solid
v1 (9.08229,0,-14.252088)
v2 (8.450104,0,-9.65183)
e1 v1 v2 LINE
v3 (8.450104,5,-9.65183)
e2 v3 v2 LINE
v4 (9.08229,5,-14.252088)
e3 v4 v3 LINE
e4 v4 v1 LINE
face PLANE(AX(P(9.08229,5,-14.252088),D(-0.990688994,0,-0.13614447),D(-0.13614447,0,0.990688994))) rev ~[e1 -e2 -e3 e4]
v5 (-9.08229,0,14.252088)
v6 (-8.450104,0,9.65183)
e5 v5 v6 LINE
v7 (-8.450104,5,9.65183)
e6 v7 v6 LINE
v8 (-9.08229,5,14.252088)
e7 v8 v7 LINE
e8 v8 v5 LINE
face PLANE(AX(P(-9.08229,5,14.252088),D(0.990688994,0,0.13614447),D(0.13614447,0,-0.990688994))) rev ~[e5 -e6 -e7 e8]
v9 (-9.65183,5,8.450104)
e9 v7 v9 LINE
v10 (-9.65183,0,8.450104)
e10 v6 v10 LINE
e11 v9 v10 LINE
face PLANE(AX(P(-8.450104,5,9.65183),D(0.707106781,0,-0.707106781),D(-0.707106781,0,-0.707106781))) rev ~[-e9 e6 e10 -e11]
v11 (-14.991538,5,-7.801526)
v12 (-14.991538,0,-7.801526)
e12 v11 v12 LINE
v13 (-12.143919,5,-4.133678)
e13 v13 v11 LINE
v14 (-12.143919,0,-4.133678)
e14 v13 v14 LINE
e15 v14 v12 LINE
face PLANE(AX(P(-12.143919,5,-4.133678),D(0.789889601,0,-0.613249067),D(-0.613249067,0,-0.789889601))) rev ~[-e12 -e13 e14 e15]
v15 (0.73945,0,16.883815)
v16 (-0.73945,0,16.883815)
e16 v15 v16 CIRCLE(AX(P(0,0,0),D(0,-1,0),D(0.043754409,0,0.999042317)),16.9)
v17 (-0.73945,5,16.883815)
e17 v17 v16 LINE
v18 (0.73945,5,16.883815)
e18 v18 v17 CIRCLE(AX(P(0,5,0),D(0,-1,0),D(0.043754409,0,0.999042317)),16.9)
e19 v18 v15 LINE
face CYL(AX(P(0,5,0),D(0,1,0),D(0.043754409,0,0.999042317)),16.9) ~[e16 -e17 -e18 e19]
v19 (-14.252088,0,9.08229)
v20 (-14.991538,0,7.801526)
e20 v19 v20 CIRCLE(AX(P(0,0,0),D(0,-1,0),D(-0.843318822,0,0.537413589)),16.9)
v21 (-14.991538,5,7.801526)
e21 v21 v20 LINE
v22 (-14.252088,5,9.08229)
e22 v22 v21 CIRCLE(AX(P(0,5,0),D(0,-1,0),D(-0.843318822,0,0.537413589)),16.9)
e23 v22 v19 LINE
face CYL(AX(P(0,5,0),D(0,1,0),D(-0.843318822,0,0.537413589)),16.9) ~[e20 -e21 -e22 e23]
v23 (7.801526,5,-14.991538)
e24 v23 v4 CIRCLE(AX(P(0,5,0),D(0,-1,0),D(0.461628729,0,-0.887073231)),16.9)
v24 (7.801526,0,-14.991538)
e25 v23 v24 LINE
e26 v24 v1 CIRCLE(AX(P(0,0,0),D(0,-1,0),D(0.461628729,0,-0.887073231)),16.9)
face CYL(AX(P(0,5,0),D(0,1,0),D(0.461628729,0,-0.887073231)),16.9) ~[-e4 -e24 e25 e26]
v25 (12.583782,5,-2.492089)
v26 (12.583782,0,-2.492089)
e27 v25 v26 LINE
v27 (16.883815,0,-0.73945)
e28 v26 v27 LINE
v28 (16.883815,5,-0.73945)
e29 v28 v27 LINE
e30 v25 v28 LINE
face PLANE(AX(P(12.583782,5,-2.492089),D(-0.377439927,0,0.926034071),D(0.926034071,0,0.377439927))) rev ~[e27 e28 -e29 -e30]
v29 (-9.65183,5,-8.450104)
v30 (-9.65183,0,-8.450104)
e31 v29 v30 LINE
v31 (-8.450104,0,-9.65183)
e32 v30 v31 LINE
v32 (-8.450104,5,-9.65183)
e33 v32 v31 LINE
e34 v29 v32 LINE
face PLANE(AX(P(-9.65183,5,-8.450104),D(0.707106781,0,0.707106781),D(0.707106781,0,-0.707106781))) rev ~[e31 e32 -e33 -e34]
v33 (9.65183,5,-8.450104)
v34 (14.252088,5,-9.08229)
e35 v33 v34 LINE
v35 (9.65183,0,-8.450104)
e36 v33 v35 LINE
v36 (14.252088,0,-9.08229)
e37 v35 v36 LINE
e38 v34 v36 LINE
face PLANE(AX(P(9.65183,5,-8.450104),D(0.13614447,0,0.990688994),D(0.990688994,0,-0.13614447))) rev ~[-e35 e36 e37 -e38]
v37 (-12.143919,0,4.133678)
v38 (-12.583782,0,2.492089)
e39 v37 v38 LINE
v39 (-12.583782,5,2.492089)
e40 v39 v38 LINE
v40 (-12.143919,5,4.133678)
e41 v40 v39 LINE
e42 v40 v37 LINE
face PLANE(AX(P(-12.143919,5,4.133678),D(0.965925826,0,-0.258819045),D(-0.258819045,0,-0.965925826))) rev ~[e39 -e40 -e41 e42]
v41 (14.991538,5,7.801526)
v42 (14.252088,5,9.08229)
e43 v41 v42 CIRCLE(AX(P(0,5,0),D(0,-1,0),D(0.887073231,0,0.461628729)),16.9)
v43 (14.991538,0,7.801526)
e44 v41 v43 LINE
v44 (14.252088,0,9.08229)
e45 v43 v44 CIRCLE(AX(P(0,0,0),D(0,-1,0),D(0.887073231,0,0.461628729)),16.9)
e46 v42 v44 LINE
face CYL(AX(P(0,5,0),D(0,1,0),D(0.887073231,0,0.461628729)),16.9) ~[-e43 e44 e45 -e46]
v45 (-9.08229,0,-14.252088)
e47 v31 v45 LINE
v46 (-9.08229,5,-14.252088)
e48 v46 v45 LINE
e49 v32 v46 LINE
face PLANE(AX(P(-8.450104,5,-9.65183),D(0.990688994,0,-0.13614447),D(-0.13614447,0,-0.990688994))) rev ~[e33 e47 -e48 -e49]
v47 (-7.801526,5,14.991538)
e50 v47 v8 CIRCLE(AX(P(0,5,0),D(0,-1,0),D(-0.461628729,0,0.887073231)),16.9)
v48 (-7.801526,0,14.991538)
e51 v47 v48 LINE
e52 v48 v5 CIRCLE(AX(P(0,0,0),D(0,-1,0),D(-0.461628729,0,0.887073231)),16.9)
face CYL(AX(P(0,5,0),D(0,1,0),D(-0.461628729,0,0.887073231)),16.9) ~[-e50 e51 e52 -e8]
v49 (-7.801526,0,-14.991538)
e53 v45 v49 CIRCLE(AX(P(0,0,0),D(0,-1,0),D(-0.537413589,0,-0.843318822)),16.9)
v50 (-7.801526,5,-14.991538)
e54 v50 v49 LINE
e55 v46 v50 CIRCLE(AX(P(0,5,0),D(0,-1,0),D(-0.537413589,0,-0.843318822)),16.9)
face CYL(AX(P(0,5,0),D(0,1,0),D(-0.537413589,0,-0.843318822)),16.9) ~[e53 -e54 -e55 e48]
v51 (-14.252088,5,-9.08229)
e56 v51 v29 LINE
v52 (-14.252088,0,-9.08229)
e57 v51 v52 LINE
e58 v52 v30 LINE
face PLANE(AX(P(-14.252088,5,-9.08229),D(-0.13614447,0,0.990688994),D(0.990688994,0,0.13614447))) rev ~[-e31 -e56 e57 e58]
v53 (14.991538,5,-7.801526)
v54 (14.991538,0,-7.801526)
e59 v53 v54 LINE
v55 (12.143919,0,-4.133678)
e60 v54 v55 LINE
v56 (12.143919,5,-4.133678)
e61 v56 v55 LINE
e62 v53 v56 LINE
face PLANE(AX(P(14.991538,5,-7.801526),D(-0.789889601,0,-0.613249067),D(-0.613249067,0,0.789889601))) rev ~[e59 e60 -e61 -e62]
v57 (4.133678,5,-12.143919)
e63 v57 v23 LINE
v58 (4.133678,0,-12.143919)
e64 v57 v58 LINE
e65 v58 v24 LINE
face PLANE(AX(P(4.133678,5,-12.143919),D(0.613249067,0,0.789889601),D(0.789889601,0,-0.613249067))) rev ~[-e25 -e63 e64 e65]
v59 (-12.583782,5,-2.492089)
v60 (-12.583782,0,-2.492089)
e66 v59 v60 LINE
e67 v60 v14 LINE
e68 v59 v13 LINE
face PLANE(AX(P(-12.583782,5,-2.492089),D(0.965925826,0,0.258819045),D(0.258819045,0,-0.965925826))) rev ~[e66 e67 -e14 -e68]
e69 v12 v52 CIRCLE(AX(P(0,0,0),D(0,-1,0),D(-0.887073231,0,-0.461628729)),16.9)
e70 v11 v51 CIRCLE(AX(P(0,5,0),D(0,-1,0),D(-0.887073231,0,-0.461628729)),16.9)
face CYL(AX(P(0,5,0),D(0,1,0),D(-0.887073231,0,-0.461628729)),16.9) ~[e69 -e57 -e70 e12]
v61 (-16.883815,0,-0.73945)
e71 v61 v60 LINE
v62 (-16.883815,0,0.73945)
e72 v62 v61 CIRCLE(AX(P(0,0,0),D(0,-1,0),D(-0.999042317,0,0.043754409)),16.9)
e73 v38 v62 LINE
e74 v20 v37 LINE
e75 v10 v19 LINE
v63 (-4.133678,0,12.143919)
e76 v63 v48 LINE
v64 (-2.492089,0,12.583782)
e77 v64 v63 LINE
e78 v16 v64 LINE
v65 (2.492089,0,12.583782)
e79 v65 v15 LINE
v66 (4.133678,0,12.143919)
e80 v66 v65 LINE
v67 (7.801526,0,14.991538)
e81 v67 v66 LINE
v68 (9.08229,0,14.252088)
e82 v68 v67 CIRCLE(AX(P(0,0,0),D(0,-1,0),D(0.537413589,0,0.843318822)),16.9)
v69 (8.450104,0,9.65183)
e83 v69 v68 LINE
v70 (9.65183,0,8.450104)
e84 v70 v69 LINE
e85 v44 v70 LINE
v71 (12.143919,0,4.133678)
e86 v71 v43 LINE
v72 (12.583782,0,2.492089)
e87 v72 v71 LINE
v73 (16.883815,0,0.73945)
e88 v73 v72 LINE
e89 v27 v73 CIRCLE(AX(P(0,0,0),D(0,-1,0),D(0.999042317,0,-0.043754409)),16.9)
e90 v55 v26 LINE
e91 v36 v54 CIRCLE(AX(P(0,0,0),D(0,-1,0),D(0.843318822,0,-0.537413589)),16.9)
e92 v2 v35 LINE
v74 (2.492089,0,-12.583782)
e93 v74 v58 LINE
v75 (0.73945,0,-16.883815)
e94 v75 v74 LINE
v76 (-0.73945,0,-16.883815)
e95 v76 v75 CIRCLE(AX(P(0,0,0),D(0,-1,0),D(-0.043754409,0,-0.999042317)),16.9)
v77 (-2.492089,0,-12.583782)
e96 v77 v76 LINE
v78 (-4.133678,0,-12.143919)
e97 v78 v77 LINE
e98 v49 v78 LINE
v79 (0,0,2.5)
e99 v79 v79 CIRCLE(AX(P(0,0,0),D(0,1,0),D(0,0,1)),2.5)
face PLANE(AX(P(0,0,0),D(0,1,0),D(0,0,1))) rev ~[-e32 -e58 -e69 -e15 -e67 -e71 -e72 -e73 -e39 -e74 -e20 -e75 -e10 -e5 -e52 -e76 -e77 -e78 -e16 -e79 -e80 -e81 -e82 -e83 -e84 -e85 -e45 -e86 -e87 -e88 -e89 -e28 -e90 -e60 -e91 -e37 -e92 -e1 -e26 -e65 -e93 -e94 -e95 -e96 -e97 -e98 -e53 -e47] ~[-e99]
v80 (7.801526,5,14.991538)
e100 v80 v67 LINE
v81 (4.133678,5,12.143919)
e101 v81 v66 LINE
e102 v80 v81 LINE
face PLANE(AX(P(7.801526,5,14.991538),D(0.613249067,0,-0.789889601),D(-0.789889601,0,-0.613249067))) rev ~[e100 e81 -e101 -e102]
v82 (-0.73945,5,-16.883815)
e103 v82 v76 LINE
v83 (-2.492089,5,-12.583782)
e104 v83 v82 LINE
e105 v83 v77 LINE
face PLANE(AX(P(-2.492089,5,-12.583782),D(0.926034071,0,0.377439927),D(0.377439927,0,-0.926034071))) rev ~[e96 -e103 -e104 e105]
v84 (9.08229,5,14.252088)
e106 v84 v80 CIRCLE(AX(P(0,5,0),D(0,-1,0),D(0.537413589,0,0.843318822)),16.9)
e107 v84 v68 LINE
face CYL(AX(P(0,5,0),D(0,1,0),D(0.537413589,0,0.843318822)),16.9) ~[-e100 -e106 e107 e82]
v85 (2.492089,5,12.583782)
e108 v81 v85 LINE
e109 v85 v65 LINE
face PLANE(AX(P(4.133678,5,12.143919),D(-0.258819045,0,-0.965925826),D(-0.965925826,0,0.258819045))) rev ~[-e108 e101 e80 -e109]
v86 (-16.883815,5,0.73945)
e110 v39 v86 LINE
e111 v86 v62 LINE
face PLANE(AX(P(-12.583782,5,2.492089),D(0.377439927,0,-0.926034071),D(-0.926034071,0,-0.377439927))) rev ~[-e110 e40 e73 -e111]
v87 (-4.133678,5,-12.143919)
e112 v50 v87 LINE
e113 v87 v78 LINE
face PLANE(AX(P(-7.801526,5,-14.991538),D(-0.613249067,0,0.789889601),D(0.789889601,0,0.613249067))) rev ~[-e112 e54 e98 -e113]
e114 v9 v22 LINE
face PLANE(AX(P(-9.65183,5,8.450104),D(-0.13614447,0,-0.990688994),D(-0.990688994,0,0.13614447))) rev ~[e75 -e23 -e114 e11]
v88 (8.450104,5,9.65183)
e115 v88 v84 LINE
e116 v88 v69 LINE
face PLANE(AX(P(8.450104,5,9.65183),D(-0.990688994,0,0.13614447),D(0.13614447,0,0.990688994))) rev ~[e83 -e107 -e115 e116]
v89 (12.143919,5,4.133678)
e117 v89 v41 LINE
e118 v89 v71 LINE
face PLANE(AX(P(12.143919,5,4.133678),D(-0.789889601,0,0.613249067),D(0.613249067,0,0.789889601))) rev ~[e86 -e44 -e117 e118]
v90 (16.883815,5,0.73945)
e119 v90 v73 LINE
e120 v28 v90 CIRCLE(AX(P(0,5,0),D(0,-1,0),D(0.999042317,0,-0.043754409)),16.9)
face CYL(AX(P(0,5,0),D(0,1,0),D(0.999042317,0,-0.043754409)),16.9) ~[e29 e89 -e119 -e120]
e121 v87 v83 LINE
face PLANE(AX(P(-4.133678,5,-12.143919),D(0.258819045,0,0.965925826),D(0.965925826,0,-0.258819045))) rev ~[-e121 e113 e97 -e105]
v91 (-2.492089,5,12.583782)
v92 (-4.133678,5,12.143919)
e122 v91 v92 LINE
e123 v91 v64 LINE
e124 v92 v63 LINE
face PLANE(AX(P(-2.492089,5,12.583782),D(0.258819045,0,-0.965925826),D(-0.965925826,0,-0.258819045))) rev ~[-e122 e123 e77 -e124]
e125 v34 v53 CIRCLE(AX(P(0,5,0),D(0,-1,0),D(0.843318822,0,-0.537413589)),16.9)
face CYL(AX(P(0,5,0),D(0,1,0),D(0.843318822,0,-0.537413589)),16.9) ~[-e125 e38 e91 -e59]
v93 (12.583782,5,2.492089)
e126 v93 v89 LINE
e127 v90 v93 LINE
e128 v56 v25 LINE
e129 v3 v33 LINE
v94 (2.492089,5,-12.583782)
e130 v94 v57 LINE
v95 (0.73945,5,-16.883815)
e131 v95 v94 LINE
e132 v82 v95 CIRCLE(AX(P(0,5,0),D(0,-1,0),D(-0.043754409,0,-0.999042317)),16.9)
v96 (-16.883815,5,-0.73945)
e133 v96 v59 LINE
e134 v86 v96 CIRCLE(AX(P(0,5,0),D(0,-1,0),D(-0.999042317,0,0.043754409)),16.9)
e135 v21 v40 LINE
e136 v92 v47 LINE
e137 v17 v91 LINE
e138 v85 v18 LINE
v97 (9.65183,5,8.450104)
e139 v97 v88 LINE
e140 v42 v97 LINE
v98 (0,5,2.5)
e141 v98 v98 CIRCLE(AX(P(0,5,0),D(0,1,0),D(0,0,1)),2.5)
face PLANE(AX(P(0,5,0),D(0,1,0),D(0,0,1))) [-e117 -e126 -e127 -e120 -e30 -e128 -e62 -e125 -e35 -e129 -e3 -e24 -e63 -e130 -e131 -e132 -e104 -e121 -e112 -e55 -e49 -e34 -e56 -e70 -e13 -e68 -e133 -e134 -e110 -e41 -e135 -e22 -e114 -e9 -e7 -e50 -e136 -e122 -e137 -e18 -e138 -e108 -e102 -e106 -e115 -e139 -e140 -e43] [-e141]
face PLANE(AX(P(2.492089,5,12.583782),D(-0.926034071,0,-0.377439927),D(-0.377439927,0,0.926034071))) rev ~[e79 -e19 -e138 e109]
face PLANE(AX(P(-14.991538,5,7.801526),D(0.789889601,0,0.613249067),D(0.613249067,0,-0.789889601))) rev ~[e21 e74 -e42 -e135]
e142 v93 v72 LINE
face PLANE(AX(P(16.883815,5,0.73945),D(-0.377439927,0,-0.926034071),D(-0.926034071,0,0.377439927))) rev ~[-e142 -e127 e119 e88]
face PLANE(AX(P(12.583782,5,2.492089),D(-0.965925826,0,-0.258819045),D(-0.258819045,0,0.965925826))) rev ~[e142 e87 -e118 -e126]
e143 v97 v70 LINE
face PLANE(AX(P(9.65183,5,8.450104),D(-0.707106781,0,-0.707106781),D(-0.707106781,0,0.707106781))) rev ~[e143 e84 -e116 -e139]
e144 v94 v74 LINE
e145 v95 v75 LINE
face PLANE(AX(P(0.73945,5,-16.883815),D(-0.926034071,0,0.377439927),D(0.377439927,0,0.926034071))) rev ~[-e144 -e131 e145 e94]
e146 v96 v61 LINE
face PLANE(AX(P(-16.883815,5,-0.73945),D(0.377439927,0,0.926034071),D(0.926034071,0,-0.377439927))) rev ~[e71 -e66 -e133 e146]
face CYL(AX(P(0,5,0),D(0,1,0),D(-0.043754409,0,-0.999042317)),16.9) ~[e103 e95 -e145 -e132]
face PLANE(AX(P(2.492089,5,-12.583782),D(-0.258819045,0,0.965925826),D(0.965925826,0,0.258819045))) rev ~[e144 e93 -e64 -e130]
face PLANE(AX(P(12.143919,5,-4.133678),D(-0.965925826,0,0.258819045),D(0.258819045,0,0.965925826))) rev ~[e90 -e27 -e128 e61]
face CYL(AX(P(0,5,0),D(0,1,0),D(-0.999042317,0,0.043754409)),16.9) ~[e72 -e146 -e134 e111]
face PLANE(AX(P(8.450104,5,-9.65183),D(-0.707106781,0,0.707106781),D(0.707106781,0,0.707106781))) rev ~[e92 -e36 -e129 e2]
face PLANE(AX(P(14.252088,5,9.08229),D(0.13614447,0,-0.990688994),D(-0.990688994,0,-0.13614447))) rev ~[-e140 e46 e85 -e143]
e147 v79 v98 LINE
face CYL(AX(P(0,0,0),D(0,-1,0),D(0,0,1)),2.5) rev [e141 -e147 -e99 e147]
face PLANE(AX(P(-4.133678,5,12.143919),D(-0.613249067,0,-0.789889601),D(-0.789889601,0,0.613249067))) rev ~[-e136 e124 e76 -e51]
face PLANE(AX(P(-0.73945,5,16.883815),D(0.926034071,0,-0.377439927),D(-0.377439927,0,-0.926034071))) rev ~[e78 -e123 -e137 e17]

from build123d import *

# Parameters (mm, degrees)
SKETCH1_R           = 15
SKETCH1_R_2         = 2.5
BOSS_EXTRUDE1_DEPTH = 5
BOSS_EXTRUDE2_START = -5
SKETCH2_R           = 17
SKETCH2_R_2         = 15
BOSS_EXTRUDE2_DEPTH = 5
SKETCH3_R           = 18
CUT_EXTRUDE1_DEPTH  = 5
SKETCH4_R           = 18.354217927
CUT_EXTRUDE2_DEPTH  = 5


with BuildPart() as part:
    # Sketch1 → Boss-Extrude1 (new body)
    with BuildSketch(Plane(origin=(0, 0, 0), x_dir=(1, 0, 0), z_dir=(0, 1, 0))):
        with Locations(Location((0, 0, 0), (0, 0, 270))):
            Circle(SKETCH1_R)
        with Locations(Location((0, 0, 0), (0, 0, 270))):
            Circle(SKETCH1_R_2, mode=Mode.SUBTRACT)
    extrude(amount=BOSS_EXTRUDE1_DEPTH)

    # Sketch2 → Boss-Extrude2 (add)
    with BuildSketch(Plane(origin=(0, 5, 0), x_dir=(1, 0, 0), z_dir=(0, 1, 0)).offset(BOSS_EXTRUDE2_START)):
        with Locations(Location((0, 0, 0), (0, 0, 270))):
            Circle(SKETCH2_R)
        Circle(SKETCH2_R_2, mode=Mode.SUBTRACT)
    extrude(amount=BOSS_EXTRUDE2_DEPTH)

    # Sketch3 → Cut-Extrude1 (cut)
    with BuildSketch(Plane(origin=(0, 5, 0), x_dir=(1, 0, 0), z_dir=(0, 1, 0))):
        Circle(SKETCH3_R)
        Polygon((0.800081407, 17), (-0.800081407, 17), (-2.565946388, 12.667519465), (-3.338765682, 12.460443159), (-4.111584976, 12.253366853), (-7.807109176, 15.122472568), (-9.192890824, 14.322391161), (-8.555934489, 9.687420466), (-9.121677477, 9.121677477), (-9.687420466, 8.555934489), (-14.322391161, 9.192890824), (-15.122472568, 7.807109176), (-12.253366853, 4.111584976), (-12.460443159, 3.338765682), (-12.667519465, 2.565946388), (-17, 0.800081407), (-17, -0.800081407), (-12.667519465, -2.565946388), (-12.460443159, -3.338765682), (-12.253366853, -4.111584976), (-15.122472568, -7.807109176), (-14.322391161, -9.192890824), (-9.687420466, -8.555934489), (-9.121677477, -9.121677477), (-8.555934489, -9.687420466), (-9.192890824, -14.322391161), (-7.807109176, -15.122472568), (-4.111584976, -12.253366853), (-3.338765682, -12.460443159), (-2.565946388, -12.667519465), (-0.800081407, -17), (0.800081407, -17), (2.565946388, -12.667519465), (3.338765682, -12.460443159), (4.111584976, -12.253366853), (7.807109176, -15.122472568), (9.192890824, -14.322391161), (8.555934489, -9.687420466), (9.121677477, -9.121677477), (9.687420466, -8.555934489), (14.322391161, -9.192890824), (15.122472568, -7.807109176), (12.253366853, -4.111584976), (12.460443159, -3.338765682), (12.667519465, -2.565946388), (17, -0.800081407), (17, 0.800081407), (12.667519465, 2.565946388), (12.460443159, 3.338765682), (12.253366853, 4.111584976), (15.122472568, 7.807109176), (14.322391161, 9.192890824), (9.687420466, 8.555934489), (9.121677477, 9.121677477), (8.555934489, 9.687420466), (9.192890824, 14.322391161), (7.807109176, 15.122472568), (4.111584976, 12.253366853), (3.338765682, 12.460443159), (2.565946388, 12.667519465), align=None, mode=Mode.SUBTRACT)
    extrude(amount=-CUT_EXTRUDE1_DEPTH, mode=Mode.SUBTRACT)

    # Sketch4 → Cut-Extrude2 (cut)
    with BuildSketch(Plane(origin=(0, 5, 0), x_dir=(1, 0, 0), z_dir=(0, 1, 0))):
        Circle(SKETCH4_R)
        with BuildLine():
            Line((2.492089445, 12.583781755), (4.133678109, 12.143919398))
            Line((4.133678109, 12.143919398), (7.801525521, 14.991537598))
            ThreePointArc((7.801525521, 14.991537598), (8.45, 14.635829324), (9.082289641, 14.252088088))
            Line((9.082289641, 14.252088088), (8.450103646, 9.651829953))
            Line((8.450103646, 9.651829953), (9.651829953, 8.450103646))
            Line((9.651829953, 8.450103646), (14.252088088, 9.082289641))
            ThreePointArc((14.252088088, 9.082289641), (14.635829324, 8.45), (14.991537598, 7.801525521))
            Line((14.991537598, 7.801525521), (12.143919398, 4.133678109))
            Line((12.143919398, 4.133678109), (12.583781755, 2.492089445))
            Line((12.583781755, 2.492089445), (16.883815162, 0.739449509))
            ThreePointArc((16.883815162, 0.739449509), (16.9, 0), (16.883815162, -0.739449509))
            Line((16.883815162, -0.739449509), (12.583781755, -2.492089445))
            Line((12.583781755, -2.492089445), (12.143919398, -4.133678109))
            Line((12.143919398, -4.133678109), (14.991537598, -7.801525521))
            ThreePointArc((14.991537598, -7.801525521), (14.635829324, -8.45), (14.252088088, -9.082289641))
            Line((14.252088088, -9.082289641), (9.651829953, -8.450103646))
            Line((9.651829953, -8.450103646), (8.450103646, -9.651829953))
            Line((8.450103646, -9.651829953), (9.082289641, -14.252088088))
            ThreePointArc((9.082289641, -14.252088088), (8.45, -14.635829324), (7.801525521, -14.991537598))
            Line((7.801525521, -14.991537598), (4.133678109, -12.143919398))
            Line((4.133678109, -12.143919398), (2.492089445, -12.583781755))
            Line((2.492089445, -12.583781755), (0.739449509, -16.883815162))
            ThreePointArc((0.739449509, -16.883815162), (0, -16.9), (-0.739449509, -16.883815162))
            Line((-0.739449509, -16.883815162), (-2.492089445, -12.583781755))
            Line((-2.492089445, -12.583781755), (-4.133678109, -12.143919398))
            Line((-4.133678109, -12.143919398), (-7.801525521, -14.991537598))
            ThreePointArc((-7.801525521, -14.991537598), (-8.45, -14.635829324), (-9.082289641, -14.252088088))
            Line((-9.082289641, -14.252088088), (-8.450103646, -9.651829953))
            Line((-8.450103646, -9.651829953), (-9.651829953, -8.450103646))
            Line((-9.651829953, -8.450103646), (-14.252088088, -9.082289641))
            ThreePointArc((-14.252088088, -9.082289641), (-14.635829324, -8.45), (-14.991537598, -7.801525521))
            Line((-14.991537598, -7.801525521), (-12.143919398, -4.133678109))
            Line((-12.143919398, -4.133678109), (-12.583781755, -2.492089445))
            Line((-12.583781755, -2.492089445), (-16.883815162, -0.739449509))
            ThreePointArc((-16.883815162, -0.739449509), (-16.9, 0), (-16.883815162, 0.739449509))
            Line((-16.883815162, 0.739449509), (-12.583781755, 2.492089445))
            Line((-12.583781755, 2.492089445), (-12.143919398, 4.133678109))
            Line((-12.143919398, 4.133678109), (-14.991537598, 7.801525521))
            ThreePointArc((-14.991537598, 7.801525521), (-14.635829324, 8.45), (-14.252088088, 9.082289641))
            Line((-14.252088088, 9.082289641), (-9.651829953, 8.450103646))
            Line((-9.651829953, 8.450103646), (-8.450103646, 9.651829953))
            Line((-8.450103646, 9.651829953), (-9.082289641, 14.252088088))
            ThreePointArc((-9.082289641, 14.252088088), (-8.45, 14.635829324), (-7.801525521, 14.991537598))
            Line((-7.801525521, 14.991537598), (-4.133678109, 12.143919398))
            Line((-4.133678109, 12.143919398), (-2.492089445, 12.583781755))
            Line((-2.492089445, 12.583781755), (-0.739449509, 16.883815162))
            ThreePointArc((-0.739449509, 16.883815162), (0, 16.9), (0.739449509, 16.883815162))
            Line((0.739449509, 16.883815162), (2.492089445, 12.583781755))
        make_face(mode=Mode.SUBTRACT)
    extrude(amount=-CUT_EXTRUDE2_DEPTH, mode=Mode.SUBTRACT)


solid = part.part
